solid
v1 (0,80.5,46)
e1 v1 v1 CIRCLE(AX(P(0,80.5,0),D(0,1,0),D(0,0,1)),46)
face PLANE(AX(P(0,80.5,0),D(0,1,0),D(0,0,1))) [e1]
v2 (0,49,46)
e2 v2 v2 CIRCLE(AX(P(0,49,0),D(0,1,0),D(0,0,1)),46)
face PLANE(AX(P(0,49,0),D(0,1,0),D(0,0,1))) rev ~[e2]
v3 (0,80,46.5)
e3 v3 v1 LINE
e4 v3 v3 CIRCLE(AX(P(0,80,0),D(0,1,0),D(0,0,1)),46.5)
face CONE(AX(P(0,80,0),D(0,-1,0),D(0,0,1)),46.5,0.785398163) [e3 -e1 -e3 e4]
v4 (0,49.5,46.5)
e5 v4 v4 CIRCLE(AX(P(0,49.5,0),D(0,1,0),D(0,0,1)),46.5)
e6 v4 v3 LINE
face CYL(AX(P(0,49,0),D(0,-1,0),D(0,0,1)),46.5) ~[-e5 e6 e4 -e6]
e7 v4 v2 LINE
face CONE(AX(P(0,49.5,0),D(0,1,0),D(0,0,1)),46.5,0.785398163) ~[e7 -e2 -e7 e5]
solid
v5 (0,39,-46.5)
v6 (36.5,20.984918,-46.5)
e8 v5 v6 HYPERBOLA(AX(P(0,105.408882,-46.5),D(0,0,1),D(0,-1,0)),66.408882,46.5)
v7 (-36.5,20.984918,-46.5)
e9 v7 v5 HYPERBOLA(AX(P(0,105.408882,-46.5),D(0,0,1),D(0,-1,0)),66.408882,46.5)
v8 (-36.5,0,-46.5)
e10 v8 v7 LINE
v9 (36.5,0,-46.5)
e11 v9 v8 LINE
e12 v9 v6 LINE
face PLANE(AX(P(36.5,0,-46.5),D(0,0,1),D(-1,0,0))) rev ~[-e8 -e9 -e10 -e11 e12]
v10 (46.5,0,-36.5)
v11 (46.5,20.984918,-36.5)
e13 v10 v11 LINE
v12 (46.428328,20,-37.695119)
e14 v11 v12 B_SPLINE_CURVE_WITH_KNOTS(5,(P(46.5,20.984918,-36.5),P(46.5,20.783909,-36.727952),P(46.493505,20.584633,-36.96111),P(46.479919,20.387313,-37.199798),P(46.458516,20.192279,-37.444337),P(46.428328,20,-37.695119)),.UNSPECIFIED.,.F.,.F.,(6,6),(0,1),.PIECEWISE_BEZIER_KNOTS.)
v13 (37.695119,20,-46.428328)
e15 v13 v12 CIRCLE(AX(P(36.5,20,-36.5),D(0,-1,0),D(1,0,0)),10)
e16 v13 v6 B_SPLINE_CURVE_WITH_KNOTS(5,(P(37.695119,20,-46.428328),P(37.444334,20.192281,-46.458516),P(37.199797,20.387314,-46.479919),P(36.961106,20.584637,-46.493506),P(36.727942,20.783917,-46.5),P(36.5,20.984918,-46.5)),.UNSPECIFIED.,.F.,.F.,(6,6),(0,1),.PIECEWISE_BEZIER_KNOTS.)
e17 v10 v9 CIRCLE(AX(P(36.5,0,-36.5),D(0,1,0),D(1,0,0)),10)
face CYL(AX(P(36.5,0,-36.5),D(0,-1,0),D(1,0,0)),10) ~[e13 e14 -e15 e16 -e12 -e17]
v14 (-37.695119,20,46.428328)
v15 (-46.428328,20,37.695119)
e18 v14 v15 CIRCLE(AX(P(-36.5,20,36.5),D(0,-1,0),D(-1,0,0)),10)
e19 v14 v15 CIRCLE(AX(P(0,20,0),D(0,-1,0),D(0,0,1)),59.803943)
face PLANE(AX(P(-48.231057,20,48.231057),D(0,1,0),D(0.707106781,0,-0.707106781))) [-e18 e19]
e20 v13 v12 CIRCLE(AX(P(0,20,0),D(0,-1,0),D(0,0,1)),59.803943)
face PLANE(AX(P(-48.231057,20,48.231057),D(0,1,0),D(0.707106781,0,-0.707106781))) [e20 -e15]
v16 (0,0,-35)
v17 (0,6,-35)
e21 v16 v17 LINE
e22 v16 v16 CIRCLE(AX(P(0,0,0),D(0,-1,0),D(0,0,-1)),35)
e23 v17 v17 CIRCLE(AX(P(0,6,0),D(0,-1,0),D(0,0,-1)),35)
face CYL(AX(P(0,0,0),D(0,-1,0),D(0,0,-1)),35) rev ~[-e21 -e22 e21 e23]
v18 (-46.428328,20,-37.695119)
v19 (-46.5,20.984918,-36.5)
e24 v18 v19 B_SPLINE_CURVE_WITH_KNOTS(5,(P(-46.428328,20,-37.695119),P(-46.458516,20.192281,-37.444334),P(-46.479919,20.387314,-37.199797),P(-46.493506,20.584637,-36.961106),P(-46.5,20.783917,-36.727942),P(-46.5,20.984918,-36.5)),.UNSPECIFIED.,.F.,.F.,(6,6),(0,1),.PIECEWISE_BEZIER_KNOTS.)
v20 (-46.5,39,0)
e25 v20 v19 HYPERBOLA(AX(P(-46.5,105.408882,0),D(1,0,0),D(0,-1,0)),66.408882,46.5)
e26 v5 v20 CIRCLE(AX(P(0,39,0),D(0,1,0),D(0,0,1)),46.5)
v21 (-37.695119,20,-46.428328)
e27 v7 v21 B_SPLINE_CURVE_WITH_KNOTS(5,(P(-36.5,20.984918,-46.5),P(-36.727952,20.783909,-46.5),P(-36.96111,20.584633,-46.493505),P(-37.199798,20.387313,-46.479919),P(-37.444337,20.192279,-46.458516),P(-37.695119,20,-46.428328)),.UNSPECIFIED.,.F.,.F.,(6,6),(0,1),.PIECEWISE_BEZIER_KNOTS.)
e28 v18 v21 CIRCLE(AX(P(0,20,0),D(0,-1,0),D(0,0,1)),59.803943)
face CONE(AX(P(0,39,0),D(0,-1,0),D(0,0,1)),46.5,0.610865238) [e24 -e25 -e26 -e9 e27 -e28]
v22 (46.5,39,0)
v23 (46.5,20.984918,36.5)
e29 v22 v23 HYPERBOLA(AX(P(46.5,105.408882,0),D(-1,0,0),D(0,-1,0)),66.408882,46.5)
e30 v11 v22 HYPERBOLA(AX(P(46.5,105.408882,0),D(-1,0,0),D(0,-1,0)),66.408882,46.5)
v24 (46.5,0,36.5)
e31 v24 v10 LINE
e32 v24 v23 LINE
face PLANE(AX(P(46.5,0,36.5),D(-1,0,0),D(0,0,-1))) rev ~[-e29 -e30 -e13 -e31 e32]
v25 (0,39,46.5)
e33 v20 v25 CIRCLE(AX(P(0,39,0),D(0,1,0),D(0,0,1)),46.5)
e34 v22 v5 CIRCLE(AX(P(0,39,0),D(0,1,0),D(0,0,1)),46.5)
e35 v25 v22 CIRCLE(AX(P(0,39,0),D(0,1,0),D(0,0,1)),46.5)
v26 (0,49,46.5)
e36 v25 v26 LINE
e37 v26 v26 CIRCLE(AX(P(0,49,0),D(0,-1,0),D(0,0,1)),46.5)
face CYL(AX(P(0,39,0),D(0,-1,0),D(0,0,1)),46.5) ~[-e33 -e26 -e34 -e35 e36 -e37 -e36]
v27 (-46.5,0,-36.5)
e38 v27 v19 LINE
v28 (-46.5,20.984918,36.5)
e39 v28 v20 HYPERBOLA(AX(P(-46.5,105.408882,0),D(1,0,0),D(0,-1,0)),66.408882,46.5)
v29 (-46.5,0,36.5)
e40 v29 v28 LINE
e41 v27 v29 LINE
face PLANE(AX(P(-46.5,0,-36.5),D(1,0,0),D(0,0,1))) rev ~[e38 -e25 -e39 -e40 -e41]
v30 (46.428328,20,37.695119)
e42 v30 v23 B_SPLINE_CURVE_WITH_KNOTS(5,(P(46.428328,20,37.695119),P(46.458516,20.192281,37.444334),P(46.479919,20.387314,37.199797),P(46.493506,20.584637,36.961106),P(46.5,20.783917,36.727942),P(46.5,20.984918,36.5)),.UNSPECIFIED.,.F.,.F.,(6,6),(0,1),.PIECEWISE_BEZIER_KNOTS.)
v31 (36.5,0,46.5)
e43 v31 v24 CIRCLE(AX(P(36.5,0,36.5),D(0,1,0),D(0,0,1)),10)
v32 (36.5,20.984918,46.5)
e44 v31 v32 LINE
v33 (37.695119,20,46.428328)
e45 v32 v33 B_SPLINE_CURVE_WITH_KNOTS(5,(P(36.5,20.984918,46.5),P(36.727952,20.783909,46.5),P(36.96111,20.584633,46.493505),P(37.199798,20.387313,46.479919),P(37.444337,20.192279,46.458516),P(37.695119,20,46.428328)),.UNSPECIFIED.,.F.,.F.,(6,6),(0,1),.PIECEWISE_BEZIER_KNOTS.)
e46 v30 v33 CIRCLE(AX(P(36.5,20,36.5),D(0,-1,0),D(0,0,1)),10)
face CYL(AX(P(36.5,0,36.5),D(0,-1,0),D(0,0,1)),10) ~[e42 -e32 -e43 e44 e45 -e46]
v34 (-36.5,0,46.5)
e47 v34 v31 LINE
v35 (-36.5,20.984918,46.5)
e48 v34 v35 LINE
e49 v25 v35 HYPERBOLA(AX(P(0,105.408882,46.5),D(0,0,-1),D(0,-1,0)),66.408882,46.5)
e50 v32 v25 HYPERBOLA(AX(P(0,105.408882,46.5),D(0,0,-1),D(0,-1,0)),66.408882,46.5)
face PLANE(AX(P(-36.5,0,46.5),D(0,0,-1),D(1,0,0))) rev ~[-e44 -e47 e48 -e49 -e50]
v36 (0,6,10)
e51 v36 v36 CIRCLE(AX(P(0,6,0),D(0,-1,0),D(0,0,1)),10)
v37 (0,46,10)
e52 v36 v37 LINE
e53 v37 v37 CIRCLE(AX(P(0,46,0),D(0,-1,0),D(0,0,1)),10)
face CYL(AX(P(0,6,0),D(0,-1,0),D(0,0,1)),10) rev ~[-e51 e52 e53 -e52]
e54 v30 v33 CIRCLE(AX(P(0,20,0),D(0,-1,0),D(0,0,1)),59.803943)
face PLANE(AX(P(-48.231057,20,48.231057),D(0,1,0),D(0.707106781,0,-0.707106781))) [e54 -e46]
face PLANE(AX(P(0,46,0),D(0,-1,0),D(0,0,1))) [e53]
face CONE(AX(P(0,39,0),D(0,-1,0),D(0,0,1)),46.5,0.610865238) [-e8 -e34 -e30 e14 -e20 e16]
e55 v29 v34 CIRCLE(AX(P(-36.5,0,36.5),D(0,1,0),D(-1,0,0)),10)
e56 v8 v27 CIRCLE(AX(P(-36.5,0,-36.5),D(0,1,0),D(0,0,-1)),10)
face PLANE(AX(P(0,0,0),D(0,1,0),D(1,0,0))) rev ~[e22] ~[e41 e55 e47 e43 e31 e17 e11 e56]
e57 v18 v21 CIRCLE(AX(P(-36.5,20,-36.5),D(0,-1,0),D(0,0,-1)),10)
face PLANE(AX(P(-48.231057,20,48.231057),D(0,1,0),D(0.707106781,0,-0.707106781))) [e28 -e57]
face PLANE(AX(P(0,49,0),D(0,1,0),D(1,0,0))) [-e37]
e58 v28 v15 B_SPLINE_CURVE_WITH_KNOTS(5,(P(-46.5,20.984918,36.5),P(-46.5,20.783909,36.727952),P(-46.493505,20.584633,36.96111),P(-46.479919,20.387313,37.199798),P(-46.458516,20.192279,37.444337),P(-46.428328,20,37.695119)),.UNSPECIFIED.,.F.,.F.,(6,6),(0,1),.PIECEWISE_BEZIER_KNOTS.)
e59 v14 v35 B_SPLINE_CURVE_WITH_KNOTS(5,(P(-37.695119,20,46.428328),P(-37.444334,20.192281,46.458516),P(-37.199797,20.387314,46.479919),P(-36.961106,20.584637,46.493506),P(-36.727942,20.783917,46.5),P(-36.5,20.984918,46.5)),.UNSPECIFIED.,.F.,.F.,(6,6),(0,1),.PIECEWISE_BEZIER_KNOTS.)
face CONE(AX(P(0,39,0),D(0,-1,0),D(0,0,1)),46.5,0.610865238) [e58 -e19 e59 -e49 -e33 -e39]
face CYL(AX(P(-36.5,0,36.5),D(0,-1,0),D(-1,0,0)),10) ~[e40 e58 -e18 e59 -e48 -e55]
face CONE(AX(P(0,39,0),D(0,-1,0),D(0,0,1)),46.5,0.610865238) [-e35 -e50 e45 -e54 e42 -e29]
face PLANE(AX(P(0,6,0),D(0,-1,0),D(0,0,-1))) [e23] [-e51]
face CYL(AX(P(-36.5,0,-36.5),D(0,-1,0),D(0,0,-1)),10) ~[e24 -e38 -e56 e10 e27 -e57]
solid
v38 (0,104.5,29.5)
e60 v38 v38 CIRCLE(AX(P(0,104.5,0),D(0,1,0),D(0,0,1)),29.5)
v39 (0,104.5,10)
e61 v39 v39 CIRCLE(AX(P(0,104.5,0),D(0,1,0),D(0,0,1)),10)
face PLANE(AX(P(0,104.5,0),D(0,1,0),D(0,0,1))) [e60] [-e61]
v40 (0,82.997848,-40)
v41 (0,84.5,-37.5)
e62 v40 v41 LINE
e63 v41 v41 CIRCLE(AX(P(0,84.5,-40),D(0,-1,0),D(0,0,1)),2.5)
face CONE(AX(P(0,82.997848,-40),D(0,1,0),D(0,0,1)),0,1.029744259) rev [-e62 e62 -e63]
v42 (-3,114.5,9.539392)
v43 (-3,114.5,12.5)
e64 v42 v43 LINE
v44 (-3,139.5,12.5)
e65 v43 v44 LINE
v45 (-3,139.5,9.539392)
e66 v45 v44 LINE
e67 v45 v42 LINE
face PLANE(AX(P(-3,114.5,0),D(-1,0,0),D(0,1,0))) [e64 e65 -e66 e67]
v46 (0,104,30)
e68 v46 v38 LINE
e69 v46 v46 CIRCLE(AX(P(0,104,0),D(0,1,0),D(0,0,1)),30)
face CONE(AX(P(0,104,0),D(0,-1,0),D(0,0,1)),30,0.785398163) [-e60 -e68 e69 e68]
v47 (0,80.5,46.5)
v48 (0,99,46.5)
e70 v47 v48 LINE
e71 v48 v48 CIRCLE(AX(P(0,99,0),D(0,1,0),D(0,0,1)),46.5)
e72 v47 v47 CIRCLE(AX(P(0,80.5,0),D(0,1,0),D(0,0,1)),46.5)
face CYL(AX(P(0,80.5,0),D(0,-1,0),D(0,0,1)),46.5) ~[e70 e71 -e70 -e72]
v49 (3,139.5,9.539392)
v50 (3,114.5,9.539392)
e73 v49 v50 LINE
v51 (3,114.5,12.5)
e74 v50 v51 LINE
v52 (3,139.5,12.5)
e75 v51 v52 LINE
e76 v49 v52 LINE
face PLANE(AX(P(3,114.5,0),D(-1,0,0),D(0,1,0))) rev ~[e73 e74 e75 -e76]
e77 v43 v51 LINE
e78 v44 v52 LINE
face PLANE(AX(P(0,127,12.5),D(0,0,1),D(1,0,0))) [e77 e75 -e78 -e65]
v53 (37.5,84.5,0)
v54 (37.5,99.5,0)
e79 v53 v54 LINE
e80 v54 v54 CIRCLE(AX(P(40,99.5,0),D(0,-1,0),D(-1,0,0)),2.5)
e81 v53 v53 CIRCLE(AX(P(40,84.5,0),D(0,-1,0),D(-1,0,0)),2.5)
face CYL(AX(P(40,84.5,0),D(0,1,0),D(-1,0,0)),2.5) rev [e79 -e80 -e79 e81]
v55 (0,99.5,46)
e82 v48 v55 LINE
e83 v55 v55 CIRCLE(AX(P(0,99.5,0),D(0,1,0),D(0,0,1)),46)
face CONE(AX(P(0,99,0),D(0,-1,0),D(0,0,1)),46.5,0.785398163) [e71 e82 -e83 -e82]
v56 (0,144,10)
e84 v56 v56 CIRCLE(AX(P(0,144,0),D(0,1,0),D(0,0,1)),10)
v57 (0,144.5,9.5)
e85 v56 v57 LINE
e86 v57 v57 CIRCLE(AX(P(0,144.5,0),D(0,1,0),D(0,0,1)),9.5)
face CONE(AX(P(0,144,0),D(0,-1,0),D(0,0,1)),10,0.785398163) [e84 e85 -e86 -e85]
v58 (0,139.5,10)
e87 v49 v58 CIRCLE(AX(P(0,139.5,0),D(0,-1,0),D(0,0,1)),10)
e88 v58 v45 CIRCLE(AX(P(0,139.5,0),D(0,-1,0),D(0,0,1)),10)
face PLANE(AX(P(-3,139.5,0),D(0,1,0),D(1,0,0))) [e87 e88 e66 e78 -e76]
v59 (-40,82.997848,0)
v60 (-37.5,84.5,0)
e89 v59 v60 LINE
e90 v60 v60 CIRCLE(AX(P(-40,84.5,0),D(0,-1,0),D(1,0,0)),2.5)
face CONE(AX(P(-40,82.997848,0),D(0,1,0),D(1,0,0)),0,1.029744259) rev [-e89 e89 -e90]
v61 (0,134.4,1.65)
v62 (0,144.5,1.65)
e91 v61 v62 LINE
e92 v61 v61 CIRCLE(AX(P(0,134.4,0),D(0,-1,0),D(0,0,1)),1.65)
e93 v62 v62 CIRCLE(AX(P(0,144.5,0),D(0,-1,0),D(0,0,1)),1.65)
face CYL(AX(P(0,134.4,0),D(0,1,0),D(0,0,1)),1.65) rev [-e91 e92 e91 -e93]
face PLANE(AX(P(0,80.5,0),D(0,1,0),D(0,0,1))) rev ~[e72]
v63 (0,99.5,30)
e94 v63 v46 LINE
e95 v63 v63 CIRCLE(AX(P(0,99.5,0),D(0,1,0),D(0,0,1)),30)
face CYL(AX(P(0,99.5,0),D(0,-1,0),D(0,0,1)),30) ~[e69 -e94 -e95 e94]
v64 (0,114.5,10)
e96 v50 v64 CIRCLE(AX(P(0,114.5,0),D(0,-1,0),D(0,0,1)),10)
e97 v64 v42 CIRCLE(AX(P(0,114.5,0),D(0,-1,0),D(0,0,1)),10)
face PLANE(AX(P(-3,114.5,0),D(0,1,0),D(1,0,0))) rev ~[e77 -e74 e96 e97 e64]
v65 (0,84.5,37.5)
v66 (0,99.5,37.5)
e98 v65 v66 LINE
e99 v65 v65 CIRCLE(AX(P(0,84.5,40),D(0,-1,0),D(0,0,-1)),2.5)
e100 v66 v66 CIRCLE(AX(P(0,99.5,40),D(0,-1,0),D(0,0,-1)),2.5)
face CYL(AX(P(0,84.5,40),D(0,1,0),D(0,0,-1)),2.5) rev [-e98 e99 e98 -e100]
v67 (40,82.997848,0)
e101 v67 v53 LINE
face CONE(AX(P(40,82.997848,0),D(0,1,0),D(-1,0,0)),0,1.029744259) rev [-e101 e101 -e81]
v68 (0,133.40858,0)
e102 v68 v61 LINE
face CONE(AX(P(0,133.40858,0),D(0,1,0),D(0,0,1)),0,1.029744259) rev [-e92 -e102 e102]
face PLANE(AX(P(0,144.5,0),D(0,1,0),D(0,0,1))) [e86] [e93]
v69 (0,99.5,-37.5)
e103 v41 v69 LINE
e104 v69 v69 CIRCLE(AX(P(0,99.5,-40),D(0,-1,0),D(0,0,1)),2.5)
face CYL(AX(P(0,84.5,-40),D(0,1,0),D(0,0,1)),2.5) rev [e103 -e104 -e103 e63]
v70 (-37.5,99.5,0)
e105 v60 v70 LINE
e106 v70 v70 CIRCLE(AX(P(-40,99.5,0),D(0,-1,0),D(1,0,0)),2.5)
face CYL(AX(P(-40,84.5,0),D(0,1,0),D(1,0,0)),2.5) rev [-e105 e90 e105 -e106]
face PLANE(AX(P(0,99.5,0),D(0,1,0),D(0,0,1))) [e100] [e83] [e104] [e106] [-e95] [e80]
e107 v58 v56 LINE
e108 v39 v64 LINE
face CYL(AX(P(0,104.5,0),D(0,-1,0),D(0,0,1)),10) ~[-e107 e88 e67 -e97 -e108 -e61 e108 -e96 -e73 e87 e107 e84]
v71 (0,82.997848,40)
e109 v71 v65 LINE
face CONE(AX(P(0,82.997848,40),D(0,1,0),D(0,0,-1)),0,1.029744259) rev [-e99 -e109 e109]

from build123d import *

# Parameters (mm, degrees)
EXTRUDE_1_DEPTH               = 49
CUT_EXTRUDE_START             = -10
SKETCH_2_OUTSIDE_W            = 123.07
SKETCH_2_OUTSIDE_H            = 123.07
SKETCH_2_OUTSIDE_R            = 46.5
CUT_EXTRUDE_3_DEPTH           = 10
CUT_EXTRUDE_3_OTHER_WAY_DEPTH = 19
CUT_EXTRUDE_3_OTHER_WAY_TAPER = 35
SKETCH_3_R                    = 46.5
EXTRUDE_2_DEPTH               = 31.5
SKETCH_4_R                    = 46.5
EXTRUDE_3_DEPTH               = 19
CHAMFER_1_SIZE                = 0.5
SKETCH_6_R                    = 30
EXTRUDE_5_DEPTH               = 5
SKETCH_7_R                    = 10
EXTRUDE_6_DEPTH               = 40
CHAMFER_2_SIZE                = 0.5
PATTERN_CIRCULAR_1_COUNT      = 4
SKETCH_10_W                   = 6
SKETCH_10_H                   = 25
EXTRUDE_7_DEPTH               = 12.5
SKETCH_11_R                   = 35
CUT_EXTRUDE_4_DEPTH           = 6
SKETCH_12_R                   = 10
CUT_EXTRUDE_5_DEPTH           = 40


with BuildPart() as part:
    # 草圖1 → 填料-伸長1 (new body)
    with BuildSketch(Plane(origin=(0, 0, 0), x_dir=(1, 0, 0), z_dir=(0, 1, 0))):
        with BuildLine():
            Line((-36.5, -46.5), (36.5, -46.5))
            ThreePointArc((36.5, -46.5), (43.571067812, -43.571067812), (46.5, -36.5))
            Line((46.5, -36.5), (46.5, 36.5))
            ThreePointArc((46.5, 36.5), (43.571067812, 43.571067812), (36.5, 46.5))
            Line((36.5, 46.5), (-36.5, 46.5))
            ThreePointArc((-36.5, 46.5), (-43.571067812, 43.571067812), (-46.5, 36.5))
            Line((-46.5, 36.5), (-46.5, -36.5))
            ThreePointArc((-46.5, -36.5), (-43.571067812, -43.571067812), (-36.5, -46.5))
        make_face()
    extrude(amount=EXTRUDE_1_DEPTH)

    # 草圖2 outside → 除料-伸長3 (cut)
    with BuildSketch(Plane(origin=(0, 49, 0), x_dir=(1, 0, 0), z_dir=(0, 1, 0)).offset(CUT_EXTRUDE_START)):
        Rectangle(SKETCH_2_OUTSIDE_W, SKETCH_2_OUTSIDE_H)
        with Locations(Location((0, 0, 0), (0, 0, 270))):  # turned: the seam where the file's is
            Circle(SKETCH_2_OUTSIDE_R, mode=Mode.SUBTRACT)
    extrude(amount=CUT_EXTRUDE_3_DEPTH, mode=Mode.SUBTRACT)

    # 草圖2 outside → 除料-伸長3 other way (cut)
    with BuildSketch(Plane(origin=(0, 49, 0), x_dir=(1, 0, 0), z_dir=(0, 1, 0)).offset(CUT_EXTRUDE_START)):
        Rectangle(SKETCH_2_OUTSIDE_W, SKETCH_2_OUTSIDE_H)
        with Locations(Location((0, 0, 0), (0, 0, 270))):  # turned: the seam where the file's is
            Circle(SKETCH_2_OUTSIDE_R, mode=Mode.SUBTRACT)
    extrude(amount=-CUT_EXTRUDE_3_OTHER_WAY_DEPTH, taper=CUT_EXTRUDE_3_OTHER_WAY_TAPER, mode=Mode.SUBTRACT)

    # 草圖11 → 除料-伸長4 (cut)
    with BuildSketch(Plane.XZ):
        with Locations(Location((0, 0, 0), (0, 0, 270))):  # turned: the seam where the file's is
            Circle(SKETCH_11_R)
    extrude(amount=-CUT_EXTRUDE_4_DEPTH, mode=Mode.SUBTRACT)

    # 草圖12 → 除料-伸長5 (cut)
    with BuildSketch(Plane.XZ.offset(-6)):
        with Locations(Location((0, 0, 0), (0, 0, 90))):  # turned: the seam where the file's is
            Circle(SKETCH_12_R)
    extrude(amount=-CUT_EXTRUDE_5_DEPTH, mode=Mode.SUBTRACT)


with BuildPart() as body_2:
    # 草圖3 → 填料-伸長2 (new body)
    with BuildSketch(Plane(origin=(0, 49, 0), x_dir=(1, 0, 0), z_dir=(0, 1, 0))):
        with Locations(Location((0, 0, 0), (0, 0, 270))):  # turned: the seam where the file's is
            Circle(SKETCH_3_R)
    extrude(amount=EXTRUDE_2_DEPTH)

    # 導角1
    chamfer_1_edges = [body_2.edges().sort_by_distance(p)[0] for p in [
        (0, 49, -46.5),
        (0, 80.5, -46.5),
    ]]
    chamfer(chamfer_1_edges, length=CHAMFER_1_SIZE)


with BuildPart() as body_3:
    # 草圖4 → 填料-伸長3 (new body)
    with BuildSketch(Plane(origin=(0, 80.5, 0), x_dir=(1, 0, 0), z_dir=(0, 1, 0))):
        with Locations(Location((0, 0, 0), (0, 0, 270))):  # turned: the seam where the file's is
            Circle(SKETCH_4_R)
    extrude(amount=EXTRUDE_3_DEPTH)

    # 草圖6 → 填料-伸長5 (add)
    with BuildSketch(Plane(origin=(0, 99.5, 0), x_dir=(1, 0, 0), z_dir=(0, 1, 0))):
        with Locations(Location((0, 0, 0), (0, 0, 270))):  # turned: the seam where the file's is
            Circle(SKETCH_6_R)
    extrude(amount=EXTRUDE_5_DEPTH)

    # 草圖7 → 填料-伸長6 (add)
    with BuildSketch(Plane(origin=(0, 104.5, 0), x_dir=(1, 0, 0), z_dir=(0, 1, 0))):
        with Locations(Location((0, 0, 0), (0, 0, 270))):  # turned: the seam where the file's is
            Circle(SKETCH_7_R)
    extrude(amount=EXTRUDE_6_DEPTH)

    # 導角2
    chamfer_2_edges = [body_3.edges().sort_by_distance(p)[0] for p in [
        (0, 144.5, -10),
        (0, 99.5, -46.5),
        (0, 104.5, -30),
    ]]
    chamfer(chamfer_2_edges, length=CHAMFER_2_SIZE)

    # 草圖8 → M6x1.0 螺紋孔1 (revolve, cut)
    with BuildSketch(Plane(origin=(0, 99.5, -40), x_dir=(0, 0, 1), z_dir=(1, 0, 0))):
        Polygon((0, 0), (0, 16.502151548), (2.5, 15), (2.5, 0), align=None)
    m6x1_0_1 = revolve(axis=Axis((0, 105.85, -40), (0, -1, 0)), mode=Mode.SUBTRACT)

    # 環狀複製排列1: M6x1.0 螺紋孔1 ×4 about axis
    pattern_circular_1_axis = Axis((0, 0, 0), (0, 1, 0))
    for i in range(1, PATTERN_CIRCULAR_1_COUNT):
        add(m6x1_0_1.rotate(pattern_circular_1_axis, i * 360 / PATTERN_CIRCULAR_1_COUNT), mode=Mode.SUBTRACT)

    # 草圖10 → 填料-伸長7 (add)
    with BuildSketch(Plane.XY):
        with Locations((0, 127)):
            Rectangle(SKETCH_10_W, SKETCH_10_H)
    extrude(amount=EXTRUDE_7_DEPTH)

    # 草圖13 → M4x0.7 螺紋孔1 (revolve, cut)
    with BuildSketch(Plane(origin=(0, 144.5, 0), x_dir=(0, 0, 1), z_dir=(1, 0, 0))):
        Polygon((0, 0), (0, 11.091420021), (1.65, 10.1), (1.65, 0), align=None)
    revolve(axis=Axis((0, 150.85, 0), (0, -1, 0)), mode=Mode.SUBTRACT)


solid = Compound([part.part, body_2.part, body_3.part])
